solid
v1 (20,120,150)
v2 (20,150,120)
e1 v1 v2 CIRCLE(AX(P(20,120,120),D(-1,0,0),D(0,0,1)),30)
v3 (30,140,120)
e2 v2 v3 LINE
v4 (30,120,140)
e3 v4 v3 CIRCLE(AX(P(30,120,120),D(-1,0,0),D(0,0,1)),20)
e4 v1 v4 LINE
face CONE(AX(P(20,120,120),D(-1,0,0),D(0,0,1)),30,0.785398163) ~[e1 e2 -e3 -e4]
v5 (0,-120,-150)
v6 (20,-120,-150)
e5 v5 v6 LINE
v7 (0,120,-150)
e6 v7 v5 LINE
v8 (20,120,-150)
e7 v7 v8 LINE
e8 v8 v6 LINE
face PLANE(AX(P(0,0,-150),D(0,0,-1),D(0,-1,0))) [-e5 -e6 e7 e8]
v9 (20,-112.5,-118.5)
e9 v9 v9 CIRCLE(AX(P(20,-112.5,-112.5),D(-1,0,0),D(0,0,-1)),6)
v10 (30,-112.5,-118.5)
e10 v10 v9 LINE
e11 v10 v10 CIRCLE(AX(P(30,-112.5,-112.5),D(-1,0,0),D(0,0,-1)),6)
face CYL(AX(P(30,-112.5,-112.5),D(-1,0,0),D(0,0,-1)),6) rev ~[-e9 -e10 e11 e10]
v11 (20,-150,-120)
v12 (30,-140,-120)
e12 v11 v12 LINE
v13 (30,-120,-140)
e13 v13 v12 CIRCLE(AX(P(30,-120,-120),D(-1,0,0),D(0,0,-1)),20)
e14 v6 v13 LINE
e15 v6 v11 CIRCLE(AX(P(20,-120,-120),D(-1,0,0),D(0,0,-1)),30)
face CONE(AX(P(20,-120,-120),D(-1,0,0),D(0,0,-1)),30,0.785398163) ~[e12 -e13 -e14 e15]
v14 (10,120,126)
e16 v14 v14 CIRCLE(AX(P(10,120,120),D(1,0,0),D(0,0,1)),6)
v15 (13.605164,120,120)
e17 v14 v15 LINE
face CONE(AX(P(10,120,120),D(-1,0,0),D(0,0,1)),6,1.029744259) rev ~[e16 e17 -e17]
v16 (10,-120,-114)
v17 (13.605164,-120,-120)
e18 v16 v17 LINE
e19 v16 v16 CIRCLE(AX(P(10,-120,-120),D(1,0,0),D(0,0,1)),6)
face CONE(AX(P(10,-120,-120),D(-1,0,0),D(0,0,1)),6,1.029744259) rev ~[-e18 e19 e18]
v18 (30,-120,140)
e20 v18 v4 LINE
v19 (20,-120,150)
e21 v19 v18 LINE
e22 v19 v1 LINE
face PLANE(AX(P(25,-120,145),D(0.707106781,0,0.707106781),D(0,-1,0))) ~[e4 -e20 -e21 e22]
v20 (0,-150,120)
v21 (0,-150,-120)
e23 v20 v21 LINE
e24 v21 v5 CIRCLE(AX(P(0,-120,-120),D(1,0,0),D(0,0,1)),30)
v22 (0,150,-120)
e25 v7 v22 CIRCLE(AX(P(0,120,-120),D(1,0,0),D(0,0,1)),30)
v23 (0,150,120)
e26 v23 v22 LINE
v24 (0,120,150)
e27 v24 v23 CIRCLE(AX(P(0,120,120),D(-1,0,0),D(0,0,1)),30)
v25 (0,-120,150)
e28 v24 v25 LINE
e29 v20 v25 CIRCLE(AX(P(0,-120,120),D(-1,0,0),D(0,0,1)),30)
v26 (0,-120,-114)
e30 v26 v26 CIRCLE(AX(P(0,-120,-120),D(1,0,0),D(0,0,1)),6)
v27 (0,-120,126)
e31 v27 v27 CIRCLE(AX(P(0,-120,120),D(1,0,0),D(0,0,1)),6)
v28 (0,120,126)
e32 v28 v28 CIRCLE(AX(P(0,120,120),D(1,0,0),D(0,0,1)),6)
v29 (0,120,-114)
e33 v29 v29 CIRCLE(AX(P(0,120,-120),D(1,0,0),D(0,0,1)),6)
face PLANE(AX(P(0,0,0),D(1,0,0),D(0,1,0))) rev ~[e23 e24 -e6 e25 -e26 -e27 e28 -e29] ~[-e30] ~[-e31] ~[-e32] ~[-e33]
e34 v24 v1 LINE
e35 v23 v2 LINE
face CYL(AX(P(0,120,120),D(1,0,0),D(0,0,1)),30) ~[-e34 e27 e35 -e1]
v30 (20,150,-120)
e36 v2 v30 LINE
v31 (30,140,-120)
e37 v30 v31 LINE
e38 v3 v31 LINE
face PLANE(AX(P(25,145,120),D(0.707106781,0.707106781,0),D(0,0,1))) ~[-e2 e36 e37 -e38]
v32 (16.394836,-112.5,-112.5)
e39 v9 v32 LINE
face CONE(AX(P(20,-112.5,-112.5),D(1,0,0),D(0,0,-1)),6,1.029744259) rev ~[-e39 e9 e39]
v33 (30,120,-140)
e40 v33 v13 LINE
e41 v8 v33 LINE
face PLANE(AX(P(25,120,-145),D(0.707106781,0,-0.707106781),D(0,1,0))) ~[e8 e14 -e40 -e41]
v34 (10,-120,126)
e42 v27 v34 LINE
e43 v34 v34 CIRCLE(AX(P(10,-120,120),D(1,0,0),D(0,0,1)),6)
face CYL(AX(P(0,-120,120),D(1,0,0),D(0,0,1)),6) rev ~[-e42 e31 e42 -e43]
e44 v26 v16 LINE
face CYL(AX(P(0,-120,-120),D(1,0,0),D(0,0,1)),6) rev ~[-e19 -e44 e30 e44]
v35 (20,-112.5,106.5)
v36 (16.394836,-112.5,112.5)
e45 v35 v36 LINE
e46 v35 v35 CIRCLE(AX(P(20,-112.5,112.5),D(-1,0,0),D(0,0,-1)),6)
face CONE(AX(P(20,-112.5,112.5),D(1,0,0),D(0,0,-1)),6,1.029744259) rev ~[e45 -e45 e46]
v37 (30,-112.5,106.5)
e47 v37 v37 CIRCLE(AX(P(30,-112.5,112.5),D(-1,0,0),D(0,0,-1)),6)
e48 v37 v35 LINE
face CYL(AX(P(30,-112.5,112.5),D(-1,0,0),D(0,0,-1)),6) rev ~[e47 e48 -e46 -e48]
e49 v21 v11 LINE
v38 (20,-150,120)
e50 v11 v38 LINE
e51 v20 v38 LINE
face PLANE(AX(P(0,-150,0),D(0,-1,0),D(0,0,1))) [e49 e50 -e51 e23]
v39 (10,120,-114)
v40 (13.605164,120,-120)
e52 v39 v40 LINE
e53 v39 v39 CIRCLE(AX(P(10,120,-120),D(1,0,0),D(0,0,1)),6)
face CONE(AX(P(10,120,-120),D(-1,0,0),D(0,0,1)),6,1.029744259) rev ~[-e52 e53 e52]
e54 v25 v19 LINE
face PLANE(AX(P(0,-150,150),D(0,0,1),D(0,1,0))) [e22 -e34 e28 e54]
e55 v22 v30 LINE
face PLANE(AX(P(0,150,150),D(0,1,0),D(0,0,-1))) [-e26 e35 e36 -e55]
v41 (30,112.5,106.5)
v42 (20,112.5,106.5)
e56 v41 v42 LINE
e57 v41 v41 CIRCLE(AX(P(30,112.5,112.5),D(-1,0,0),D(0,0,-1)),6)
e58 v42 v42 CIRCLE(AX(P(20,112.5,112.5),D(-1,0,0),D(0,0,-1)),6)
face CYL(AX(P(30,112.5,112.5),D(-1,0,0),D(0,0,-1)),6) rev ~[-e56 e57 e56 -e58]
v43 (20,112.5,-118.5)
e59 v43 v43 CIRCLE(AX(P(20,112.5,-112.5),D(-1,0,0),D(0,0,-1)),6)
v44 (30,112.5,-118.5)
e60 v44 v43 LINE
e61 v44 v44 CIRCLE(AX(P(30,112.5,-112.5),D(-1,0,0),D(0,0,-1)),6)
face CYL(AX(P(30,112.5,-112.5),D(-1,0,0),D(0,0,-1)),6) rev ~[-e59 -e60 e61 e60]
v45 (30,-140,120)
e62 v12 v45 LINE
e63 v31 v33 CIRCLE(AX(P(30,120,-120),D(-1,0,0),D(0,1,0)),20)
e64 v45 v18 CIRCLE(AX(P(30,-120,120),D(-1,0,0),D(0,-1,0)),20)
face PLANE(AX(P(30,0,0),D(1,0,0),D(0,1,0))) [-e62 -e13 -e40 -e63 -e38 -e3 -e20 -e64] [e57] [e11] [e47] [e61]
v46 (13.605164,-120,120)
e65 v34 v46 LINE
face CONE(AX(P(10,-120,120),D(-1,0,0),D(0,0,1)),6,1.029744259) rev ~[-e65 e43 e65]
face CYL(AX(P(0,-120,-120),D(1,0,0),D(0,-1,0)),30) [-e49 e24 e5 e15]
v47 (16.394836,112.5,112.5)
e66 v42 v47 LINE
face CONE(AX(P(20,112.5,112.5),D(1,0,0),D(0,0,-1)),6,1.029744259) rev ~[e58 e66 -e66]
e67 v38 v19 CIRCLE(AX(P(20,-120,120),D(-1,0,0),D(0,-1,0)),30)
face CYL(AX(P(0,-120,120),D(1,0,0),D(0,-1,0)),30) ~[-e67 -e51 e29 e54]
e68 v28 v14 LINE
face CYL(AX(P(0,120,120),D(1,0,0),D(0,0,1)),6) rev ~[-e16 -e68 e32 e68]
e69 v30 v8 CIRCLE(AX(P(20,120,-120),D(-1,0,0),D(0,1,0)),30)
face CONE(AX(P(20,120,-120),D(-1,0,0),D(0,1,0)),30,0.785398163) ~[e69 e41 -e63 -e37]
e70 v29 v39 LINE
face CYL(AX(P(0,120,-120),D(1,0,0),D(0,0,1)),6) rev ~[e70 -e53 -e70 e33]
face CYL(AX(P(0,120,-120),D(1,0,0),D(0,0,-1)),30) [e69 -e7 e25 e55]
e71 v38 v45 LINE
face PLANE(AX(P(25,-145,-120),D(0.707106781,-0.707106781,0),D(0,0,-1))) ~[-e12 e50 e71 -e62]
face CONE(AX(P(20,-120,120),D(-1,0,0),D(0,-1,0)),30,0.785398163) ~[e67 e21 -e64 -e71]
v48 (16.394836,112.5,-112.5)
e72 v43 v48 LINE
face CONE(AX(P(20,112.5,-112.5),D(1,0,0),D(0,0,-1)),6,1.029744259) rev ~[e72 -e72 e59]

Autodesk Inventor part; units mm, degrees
ref_plane "YZ Plane" through (0, 0, 0) normal (1, 0, 0) x (0, 1, 0)
ref_plane "XZ Plane" through (0, 0, 0) normal (0, 1, 0) x (-1, 0, 0)
ref_plane "XY Plane" through (0, 0, 0) normal (0, 0, 1) x (1, 0, 0)
sketch "草圖1" plane through (0, 0, 0) normal (1, 0, 0) x (0, 1, 0)
  line L0 (-210, 0) -> (210, 0) projected
  line L1 (0, -210) -> (0, 210) projected
  line L2 (-150, 150) -> (150, 150)
  line L3 (150, 150) -> (150, -150)
  line L4 (150, -150) -> (-150, -150)
  line L5 (-150, -150) -> (-150, 150)
  line L6 (-150, 150) -> (150, -150) construction
  line L7 (150, 150) -> (-150, -150) construction
  point P0 (0, 0)
  dimension "d0" = 300
  dimension "d1" = 300
extrude "擠出1" add sketch "草圖1" along normal blind 30
fillet "圓角1" radius 30 4 edges at (15, -150, 150) (15, -150, -150) (15, 150, 150) (15, 150, -150)
chamfer "倒角1" distance 10 angle 45 8 edges at (30, -150, 0) (30, -141.2132, -141.2132) (30, 0, -150) (30, 141.2132, -141.2132) (30, 150, 0) (30, 141.2132, 141.2132) (30, 0, 150) (30, -141.2132, 141.2132)
sketch "草圖2" plane through (30, 0, 0) normal (1, 0, 0) x (0, 0, -1)
  line L0 (0, -210) -> (0, 210) projected
  line L1 (210, 0) -> (-210, 0) projected
  line L2 (-112.5, -210) -> (-112.5, 210)
  line L3 (210, 112.5) -> (-210, 112.5)
  line L4 (-112.5, -112.5) -> (112.5, -112.5)
  line L5 (112.5, -112.5) -> (112.5, 112.5)
  line L6 (112.5, 112.5) -> (-112.5, 112.5)
  line L7 (-112.5, 112.5) -> (-112.5, -112.5)
  line L8 (-112.5, -112.5) -> (112.5, 112.5) construction
  line L9 (112.5, -112.5) -> (-112.5, 112.5) construction
  point P0 (0, 0)
  dimension "d8" = 112.5
  dimension "d9" = 112.5
  dimension "d17" = 225
  dimension "d18" = 225
hole "孔1" at (30, 112.5, 112.5) direction (-1, 0, 0) diameter 12 depth 10 tip angle 118
hole "孔2" at (30, 112.5, -112.5) at (30, -112.5, -112.5) at (30, -112.5, 112.5) direction (-1, 0, 0) diameter 12 depth 10 tip angle 118
sketch "草圖3" plane through (0, 0, 0) normal (-1, 0, 0) x (0, 0, 1)
  arc A0 (-120, 150) -> (-150, 120) centre (-120, 120) ccw projected
  line L0 (-150, 120) -> (-150, -120) projected
  arc A1 (-150, -120) -> (-120, -150) centre (-120, -120) ccw projected
  line L1 (-120, -150) -> (120, -150) projected
  arc A2 (120, -150) -> (150, -120) centre (120, -120) ccw projected
  line L2 (150, -120) -> (150, 120) projected
  arc A3 (150, 120) -> (120, 150) centre (120, 120) ccw projected
  line L3 (120, 150) -> (-120, 150) projected
  line L4 (120, -120) -> (-120, -120)
  line L5 (-120, -120) -> (-120, 120)
  line L6 (-120, 120) -> (120, 120)
  line L7 (120, 120) -> (120, -120)
  point P0 (0, 0)
  dimension "d26" = 30
hole "孔3" at (0, -120, 120) at (0, 120, 120) at (0, 120, -120) at (0, -120, -120) direction (1, 0, 0) diameter 12 depth 10 tip angle 118
properties part number "exercise2-5"
